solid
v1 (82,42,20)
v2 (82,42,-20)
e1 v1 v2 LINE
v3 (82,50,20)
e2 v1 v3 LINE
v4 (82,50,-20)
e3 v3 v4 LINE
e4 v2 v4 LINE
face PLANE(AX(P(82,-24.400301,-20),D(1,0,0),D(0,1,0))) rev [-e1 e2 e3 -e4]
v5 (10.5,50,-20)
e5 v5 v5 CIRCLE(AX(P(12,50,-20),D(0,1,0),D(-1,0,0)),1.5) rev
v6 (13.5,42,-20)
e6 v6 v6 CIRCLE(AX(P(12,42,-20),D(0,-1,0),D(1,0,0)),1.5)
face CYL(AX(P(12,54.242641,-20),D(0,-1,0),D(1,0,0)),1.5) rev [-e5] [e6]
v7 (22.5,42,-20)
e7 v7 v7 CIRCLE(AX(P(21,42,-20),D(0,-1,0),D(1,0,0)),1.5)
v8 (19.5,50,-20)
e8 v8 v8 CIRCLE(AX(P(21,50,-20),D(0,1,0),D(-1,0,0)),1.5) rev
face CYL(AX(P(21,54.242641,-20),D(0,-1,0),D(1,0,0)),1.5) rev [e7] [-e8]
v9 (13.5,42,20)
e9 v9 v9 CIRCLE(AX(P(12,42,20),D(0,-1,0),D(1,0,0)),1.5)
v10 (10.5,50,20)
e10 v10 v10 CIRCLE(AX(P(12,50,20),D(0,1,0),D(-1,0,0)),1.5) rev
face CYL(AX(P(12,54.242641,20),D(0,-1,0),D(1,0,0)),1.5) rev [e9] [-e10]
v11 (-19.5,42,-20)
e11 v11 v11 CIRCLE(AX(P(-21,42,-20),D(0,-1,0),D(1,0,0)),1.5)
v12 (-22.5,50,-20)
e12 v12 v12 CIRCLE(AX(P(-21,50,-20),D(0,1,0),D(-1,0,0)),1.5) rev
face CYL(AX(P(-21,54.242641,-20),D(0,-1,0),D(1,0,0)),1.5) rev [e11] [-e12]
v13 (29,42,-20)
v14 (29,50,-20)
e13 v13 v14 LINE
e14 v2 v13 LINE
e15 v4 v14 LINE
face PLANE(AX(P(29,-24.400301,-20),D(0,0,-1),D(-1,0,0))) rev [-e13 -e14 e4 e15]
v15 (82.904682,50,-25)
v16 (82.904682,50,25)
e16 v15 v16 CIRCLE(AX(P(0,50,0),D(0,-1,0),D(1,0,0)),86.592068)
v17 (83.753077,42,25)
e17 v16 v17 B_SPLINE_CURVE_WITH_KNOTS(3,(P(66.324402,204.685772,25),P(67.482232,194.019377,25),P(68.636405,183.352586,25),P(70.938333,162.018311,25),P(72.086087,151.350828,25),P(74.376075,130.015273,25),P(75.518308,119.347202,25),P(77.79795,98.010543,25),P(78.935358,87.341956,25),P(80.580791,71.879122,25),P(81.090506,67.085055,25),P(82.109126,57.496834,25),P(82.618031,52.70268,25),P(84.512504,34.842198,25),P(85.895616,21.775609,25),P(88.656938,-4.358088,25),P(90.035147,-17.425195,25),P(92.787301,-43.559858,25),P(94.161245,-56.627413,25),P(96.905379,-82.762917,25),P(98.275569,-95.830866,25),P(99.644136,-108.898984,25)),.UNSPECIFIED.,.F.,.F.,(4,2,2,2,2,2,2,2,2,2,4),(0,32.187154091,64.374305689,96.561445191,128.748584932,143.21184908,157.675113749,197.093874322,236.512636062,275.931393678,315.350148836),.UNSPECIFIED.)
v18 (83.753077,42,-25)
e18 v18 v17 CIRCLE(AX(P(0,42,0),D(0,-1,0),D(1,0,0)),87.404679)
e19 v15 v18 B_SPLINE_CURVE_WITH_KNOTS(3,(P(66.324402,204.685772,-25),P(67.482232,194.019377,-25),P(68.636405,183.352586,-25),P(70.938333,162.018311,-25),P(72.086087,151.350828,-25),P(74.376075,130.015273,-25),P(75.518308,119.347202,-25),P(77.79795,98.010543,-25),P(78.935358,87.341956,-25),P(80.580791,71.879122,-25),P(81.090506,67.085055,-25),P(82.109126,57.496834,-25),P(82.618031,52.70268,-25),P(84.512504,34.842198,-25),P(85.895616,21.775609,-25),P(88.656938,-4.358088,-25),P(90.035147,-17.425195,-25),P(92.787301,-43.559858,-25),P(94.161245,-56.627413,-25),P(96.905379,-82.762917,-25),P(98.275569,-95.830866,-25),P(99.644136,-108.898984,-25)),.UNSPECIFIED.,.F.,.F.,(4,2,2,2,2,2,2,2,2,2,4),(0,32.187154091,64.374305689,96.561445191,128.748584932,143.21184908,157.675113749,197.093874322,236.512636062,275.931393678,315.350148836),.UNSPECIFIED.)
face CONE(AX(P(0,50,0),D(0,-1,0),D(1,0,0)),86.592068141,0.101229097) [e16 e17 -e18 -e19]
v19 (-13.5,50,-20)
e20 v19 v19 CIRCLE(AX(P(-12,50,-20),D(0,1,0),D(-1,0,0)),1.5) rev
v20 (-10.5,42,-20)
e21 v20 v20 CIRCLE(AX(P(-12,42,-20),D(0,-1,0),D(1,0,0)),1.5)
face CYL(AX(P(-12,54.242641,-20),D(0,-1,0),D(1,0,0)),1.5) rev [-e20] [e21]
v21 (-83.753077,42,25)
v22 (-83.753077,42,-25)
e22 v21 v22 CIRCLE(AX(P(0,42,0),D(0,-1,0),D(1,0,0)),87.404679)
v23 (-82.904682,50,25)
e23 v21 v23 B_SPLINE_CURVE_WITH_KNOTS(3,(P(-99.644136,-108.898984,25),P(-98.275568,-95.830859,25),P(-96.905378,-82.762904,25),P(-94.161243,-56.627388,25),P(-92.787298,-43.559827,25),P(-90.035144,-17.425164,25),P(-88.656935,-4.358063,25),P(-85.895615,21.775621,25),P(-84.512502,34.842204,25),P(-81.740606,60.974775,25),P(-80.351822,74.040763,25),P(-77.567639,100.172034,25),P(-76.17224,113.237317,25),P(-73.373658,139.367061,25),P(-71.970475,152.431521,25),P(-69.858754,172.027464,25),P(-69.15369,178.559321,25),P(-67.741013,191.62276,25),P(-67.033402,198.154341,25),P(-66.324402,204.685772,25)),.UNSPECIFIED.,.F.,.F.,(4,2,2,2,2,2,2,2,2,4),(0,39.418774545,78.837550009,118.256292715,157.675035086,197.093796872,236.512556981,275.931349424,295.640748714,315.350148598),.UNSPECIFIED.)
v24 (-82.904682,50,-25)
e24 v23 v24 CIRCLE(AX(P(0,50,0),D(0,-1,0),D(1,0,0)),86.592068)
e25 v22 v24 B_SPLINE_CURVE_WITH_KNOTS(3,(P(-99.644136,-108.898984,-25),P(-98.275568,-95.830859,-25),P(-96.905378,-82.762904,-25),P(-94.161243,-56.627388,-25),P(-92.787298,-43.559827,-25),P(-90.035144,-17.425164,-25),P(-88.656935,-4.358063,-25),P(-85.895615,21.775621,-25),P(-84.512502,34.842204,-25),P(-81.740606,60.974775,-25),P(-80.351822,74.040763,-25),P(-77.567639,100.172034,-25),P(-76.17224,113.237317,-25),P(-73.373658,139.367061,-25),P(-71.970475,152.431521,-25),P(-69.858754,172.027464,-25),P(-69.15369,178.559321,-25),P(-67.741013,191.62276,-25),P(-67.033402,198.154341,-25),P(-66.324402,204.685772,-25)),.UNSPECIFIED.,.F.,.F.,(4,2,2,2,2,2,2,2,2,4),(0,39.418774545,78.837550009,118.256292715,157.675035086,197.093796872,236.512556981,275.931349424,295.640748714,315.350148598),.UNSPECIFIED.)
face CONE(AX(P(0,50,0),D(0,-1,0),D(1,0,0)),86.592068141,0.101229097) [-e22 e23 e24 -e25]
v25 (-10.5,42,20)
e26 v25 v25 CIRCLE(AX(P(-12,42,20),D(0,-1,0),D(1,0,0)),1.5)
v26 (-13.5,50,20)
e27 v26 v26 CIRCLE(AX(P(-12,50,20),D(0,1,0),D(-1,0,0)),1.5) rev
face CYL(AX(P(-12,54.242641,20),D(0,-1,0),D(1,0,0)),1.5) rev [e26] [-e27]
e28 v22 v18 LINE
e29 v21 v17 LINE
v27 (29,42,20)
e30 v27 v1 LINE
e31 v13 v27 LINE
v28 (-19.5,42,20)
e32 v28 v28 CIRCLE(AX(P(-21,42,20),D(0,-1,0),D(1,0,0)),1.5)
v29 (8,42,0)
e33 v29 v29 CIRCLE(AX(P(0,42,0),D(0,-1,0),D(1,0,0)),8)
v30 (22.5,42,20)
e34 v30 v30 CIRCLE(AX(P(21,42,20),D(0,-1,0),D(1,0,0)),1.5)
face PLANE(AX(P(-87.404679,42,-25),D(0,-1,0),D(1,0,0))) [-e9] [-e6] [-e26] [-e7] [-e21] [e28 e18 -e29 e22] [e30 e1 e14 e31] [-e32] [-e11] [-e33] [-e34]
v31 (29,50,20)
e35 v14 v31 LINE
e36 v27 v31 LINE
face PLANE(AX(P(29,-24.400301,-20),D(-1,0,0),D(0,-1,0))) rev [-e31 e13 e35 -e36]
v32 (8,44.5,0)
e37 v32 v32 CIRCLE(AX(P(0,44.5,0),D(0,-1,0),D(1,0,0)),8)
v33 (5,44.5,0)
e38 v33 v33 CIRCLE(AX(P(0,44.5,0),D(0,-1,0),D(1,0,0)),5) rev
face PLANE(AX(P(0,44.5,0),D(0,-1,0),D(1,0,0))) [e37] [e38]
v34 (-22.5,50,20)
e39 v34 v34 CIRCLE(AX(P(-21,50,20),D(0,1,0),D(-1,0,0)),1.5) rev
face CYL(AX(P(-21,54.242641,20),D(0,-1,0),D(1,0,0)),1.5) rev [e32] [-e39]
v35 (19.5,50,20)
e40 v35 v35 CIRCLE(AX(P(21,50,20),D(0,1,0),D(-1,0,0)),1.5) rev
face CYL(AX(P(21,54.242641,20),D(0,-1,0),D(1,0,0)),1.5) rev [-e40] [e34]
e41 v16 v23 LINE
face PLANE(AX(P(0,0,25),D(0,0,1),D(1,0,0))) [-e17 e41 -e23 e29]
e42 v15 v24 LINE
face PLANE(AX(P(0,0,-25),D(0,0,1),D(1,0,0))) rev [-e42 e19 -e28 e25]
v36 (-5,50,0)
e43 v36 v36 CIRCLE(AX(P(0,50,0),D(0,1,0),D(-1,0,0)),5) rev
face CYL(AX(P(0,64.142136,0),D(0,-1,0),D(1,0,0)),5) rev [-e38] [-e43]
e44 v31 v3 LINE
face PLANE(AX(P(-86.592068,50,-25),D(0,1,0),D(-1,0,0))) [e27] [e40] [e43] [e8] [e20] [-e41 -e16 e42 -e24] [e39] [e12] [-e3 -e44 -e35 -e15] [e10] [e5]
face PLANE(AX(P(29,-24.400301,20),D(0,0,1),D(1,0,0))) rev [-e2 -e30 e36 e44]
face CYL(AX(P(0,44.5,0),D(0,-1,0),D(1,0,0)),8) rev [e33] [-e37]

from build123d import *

# Parameters (mm, degrees)
TOP_PLATE_BOSS_EXTRUDE1_DEPTH                  = 25
TOP_PLATE_BOSS_EXTRUDE1_DEPTH_BACK             = 25
SKETCH5_R                                      = 5
SHAFT_CUT_EXTRUDE1_DEPTH                       = 8
SKETCH6_R                                      = 8
SHAFT_BEARING_CUT_EXTRUDE2_DEPTH               = 2.5
SKETCH7_R                                      = 1.5
BEARING_PLATE_MOUNTING_HOLES_CUT_EXTRUDE_DEPTH = 8
SKETCH8_R                                      = 1.5
BASE_SIDE_MOUNTING_HOLES_CUT_EXTRUDE4_DEPTH    = 8
SKETCH9_W                                      = 53
SKETCH9_H                                      = 40
TIMING_BELT_SLIDER_HOLE_CUT_EXTRUDE1_DEPTH     = 8


with BuildPart() as part:
    # Sketch2 → Top Plate Boss-Extrude1 (new, two sides: drawn at the far end of the back side and taken through both)
    with BuildSketch(Plane.XY.offset(-TOP_PLATE_BOSS_EXTRUDE1_DEPTH_BACK)):
        Polygon((-86.592068141, 50), (86.592068141, 50), (87.404678508, 42), (-87.404678508, 42), align=None)
    extrude(amount=TOP_PLATE_BOSS_EXTRUDE1_DEPTH + TOP_PLATE_BOSS_EXTRUDE1_DEPTH_BACK)

    # Sketch4 → Top Plate Chassi Rounding Cut-Revolve1 (revolve, cut)
    with BuildSketch(Plane.XY):
        Polygon((86.592068141, 50), (87.404678508, 42), (97.784973569, 42), (97.784973569, 50), align=None)
    revolve(axis=Axis((0, 0, 0), (0, 1, 0)), mode=Mode.SUBTRACT)

    # Sketch5 → Shaft Cut-Extrude1 (cut)
    with BuildSketch(Plane.XZ.offset(-42)):
        Circle(SKETCH5_R)
    extrude(amount=-SHAFT_CUT_EXTRUDE1_DEPTH, mode=Mode.SUBTRACT)

    # Sketch6 → Shaft Bearing Cut-Extrude2 (cut)
    with BuildSketch(Plane.XZ.offset(-42)):
        Circle(SKETCH6_R)
    extrude(amount=-SHAFT_BEARING_CUT_EXTRUDE2_DEPTH, mode=Mode.SUBTRACT)

    # Sketch7 → Bearing Plate Mounting Holes Cut-Extrude3 (cut)
    with BuildSketch(Plane.XZ.offset(-42)):
        with Locations((12, 20)):
            Circle(SKETCH7_R)
        with Locations((-12, 20)):
            Circle(SKETCH7_R)
        with Locations((-12, -20)):
            Circle(SKETCH7_R)
        with Locations((12, -20)):
            Circle(SKETCH7_R)
    extrude(amount=-BEARING_PLATE_MOUNTING_HOLES_CUT_EXTRUDE_DEPTH, mode=Mode.SUBTRACT)

    # Sketch8 → Base Side Mounting Holes Cut-Extrude4 (cut)
    with BuildSketch(Plane.XZ.offset(-42)):
        with Locations((21, 20)):
            Circle(SKETCH8_R)
        with Locations((-21, 20)):
            Circle(SKETCH8_R)
        with Locations((-21, -20)):
            Circle(SKETCH8_R)
        with Locations((21, -20)):
            Circle(SKETCH8_R)
    extrude(amount=-BASE_SIDE_MOUNTING_HOLES_CUT_EXTRUDE4_DEPTH, mode=Mode.SUBTRACT)

    # Sketch9 → Timing Belt Slider Hole Cut-Extrude1 (cut)
    with BuildSketch(Plane(origin=(0, 50, 0), x_dir=(1, 0, 0), z_dir=(0, 1, 0))):
        with Locations((55.5, 0)):
            Rectangle(SKETCH9_W, SKETCH9_H)
    extrude(amount=-TIMING_BELT_SLIDER_HOLE_CUT_EXTRUDE1_DEPTH, mode=Mode.SUBTRACT)


solid = part.part
